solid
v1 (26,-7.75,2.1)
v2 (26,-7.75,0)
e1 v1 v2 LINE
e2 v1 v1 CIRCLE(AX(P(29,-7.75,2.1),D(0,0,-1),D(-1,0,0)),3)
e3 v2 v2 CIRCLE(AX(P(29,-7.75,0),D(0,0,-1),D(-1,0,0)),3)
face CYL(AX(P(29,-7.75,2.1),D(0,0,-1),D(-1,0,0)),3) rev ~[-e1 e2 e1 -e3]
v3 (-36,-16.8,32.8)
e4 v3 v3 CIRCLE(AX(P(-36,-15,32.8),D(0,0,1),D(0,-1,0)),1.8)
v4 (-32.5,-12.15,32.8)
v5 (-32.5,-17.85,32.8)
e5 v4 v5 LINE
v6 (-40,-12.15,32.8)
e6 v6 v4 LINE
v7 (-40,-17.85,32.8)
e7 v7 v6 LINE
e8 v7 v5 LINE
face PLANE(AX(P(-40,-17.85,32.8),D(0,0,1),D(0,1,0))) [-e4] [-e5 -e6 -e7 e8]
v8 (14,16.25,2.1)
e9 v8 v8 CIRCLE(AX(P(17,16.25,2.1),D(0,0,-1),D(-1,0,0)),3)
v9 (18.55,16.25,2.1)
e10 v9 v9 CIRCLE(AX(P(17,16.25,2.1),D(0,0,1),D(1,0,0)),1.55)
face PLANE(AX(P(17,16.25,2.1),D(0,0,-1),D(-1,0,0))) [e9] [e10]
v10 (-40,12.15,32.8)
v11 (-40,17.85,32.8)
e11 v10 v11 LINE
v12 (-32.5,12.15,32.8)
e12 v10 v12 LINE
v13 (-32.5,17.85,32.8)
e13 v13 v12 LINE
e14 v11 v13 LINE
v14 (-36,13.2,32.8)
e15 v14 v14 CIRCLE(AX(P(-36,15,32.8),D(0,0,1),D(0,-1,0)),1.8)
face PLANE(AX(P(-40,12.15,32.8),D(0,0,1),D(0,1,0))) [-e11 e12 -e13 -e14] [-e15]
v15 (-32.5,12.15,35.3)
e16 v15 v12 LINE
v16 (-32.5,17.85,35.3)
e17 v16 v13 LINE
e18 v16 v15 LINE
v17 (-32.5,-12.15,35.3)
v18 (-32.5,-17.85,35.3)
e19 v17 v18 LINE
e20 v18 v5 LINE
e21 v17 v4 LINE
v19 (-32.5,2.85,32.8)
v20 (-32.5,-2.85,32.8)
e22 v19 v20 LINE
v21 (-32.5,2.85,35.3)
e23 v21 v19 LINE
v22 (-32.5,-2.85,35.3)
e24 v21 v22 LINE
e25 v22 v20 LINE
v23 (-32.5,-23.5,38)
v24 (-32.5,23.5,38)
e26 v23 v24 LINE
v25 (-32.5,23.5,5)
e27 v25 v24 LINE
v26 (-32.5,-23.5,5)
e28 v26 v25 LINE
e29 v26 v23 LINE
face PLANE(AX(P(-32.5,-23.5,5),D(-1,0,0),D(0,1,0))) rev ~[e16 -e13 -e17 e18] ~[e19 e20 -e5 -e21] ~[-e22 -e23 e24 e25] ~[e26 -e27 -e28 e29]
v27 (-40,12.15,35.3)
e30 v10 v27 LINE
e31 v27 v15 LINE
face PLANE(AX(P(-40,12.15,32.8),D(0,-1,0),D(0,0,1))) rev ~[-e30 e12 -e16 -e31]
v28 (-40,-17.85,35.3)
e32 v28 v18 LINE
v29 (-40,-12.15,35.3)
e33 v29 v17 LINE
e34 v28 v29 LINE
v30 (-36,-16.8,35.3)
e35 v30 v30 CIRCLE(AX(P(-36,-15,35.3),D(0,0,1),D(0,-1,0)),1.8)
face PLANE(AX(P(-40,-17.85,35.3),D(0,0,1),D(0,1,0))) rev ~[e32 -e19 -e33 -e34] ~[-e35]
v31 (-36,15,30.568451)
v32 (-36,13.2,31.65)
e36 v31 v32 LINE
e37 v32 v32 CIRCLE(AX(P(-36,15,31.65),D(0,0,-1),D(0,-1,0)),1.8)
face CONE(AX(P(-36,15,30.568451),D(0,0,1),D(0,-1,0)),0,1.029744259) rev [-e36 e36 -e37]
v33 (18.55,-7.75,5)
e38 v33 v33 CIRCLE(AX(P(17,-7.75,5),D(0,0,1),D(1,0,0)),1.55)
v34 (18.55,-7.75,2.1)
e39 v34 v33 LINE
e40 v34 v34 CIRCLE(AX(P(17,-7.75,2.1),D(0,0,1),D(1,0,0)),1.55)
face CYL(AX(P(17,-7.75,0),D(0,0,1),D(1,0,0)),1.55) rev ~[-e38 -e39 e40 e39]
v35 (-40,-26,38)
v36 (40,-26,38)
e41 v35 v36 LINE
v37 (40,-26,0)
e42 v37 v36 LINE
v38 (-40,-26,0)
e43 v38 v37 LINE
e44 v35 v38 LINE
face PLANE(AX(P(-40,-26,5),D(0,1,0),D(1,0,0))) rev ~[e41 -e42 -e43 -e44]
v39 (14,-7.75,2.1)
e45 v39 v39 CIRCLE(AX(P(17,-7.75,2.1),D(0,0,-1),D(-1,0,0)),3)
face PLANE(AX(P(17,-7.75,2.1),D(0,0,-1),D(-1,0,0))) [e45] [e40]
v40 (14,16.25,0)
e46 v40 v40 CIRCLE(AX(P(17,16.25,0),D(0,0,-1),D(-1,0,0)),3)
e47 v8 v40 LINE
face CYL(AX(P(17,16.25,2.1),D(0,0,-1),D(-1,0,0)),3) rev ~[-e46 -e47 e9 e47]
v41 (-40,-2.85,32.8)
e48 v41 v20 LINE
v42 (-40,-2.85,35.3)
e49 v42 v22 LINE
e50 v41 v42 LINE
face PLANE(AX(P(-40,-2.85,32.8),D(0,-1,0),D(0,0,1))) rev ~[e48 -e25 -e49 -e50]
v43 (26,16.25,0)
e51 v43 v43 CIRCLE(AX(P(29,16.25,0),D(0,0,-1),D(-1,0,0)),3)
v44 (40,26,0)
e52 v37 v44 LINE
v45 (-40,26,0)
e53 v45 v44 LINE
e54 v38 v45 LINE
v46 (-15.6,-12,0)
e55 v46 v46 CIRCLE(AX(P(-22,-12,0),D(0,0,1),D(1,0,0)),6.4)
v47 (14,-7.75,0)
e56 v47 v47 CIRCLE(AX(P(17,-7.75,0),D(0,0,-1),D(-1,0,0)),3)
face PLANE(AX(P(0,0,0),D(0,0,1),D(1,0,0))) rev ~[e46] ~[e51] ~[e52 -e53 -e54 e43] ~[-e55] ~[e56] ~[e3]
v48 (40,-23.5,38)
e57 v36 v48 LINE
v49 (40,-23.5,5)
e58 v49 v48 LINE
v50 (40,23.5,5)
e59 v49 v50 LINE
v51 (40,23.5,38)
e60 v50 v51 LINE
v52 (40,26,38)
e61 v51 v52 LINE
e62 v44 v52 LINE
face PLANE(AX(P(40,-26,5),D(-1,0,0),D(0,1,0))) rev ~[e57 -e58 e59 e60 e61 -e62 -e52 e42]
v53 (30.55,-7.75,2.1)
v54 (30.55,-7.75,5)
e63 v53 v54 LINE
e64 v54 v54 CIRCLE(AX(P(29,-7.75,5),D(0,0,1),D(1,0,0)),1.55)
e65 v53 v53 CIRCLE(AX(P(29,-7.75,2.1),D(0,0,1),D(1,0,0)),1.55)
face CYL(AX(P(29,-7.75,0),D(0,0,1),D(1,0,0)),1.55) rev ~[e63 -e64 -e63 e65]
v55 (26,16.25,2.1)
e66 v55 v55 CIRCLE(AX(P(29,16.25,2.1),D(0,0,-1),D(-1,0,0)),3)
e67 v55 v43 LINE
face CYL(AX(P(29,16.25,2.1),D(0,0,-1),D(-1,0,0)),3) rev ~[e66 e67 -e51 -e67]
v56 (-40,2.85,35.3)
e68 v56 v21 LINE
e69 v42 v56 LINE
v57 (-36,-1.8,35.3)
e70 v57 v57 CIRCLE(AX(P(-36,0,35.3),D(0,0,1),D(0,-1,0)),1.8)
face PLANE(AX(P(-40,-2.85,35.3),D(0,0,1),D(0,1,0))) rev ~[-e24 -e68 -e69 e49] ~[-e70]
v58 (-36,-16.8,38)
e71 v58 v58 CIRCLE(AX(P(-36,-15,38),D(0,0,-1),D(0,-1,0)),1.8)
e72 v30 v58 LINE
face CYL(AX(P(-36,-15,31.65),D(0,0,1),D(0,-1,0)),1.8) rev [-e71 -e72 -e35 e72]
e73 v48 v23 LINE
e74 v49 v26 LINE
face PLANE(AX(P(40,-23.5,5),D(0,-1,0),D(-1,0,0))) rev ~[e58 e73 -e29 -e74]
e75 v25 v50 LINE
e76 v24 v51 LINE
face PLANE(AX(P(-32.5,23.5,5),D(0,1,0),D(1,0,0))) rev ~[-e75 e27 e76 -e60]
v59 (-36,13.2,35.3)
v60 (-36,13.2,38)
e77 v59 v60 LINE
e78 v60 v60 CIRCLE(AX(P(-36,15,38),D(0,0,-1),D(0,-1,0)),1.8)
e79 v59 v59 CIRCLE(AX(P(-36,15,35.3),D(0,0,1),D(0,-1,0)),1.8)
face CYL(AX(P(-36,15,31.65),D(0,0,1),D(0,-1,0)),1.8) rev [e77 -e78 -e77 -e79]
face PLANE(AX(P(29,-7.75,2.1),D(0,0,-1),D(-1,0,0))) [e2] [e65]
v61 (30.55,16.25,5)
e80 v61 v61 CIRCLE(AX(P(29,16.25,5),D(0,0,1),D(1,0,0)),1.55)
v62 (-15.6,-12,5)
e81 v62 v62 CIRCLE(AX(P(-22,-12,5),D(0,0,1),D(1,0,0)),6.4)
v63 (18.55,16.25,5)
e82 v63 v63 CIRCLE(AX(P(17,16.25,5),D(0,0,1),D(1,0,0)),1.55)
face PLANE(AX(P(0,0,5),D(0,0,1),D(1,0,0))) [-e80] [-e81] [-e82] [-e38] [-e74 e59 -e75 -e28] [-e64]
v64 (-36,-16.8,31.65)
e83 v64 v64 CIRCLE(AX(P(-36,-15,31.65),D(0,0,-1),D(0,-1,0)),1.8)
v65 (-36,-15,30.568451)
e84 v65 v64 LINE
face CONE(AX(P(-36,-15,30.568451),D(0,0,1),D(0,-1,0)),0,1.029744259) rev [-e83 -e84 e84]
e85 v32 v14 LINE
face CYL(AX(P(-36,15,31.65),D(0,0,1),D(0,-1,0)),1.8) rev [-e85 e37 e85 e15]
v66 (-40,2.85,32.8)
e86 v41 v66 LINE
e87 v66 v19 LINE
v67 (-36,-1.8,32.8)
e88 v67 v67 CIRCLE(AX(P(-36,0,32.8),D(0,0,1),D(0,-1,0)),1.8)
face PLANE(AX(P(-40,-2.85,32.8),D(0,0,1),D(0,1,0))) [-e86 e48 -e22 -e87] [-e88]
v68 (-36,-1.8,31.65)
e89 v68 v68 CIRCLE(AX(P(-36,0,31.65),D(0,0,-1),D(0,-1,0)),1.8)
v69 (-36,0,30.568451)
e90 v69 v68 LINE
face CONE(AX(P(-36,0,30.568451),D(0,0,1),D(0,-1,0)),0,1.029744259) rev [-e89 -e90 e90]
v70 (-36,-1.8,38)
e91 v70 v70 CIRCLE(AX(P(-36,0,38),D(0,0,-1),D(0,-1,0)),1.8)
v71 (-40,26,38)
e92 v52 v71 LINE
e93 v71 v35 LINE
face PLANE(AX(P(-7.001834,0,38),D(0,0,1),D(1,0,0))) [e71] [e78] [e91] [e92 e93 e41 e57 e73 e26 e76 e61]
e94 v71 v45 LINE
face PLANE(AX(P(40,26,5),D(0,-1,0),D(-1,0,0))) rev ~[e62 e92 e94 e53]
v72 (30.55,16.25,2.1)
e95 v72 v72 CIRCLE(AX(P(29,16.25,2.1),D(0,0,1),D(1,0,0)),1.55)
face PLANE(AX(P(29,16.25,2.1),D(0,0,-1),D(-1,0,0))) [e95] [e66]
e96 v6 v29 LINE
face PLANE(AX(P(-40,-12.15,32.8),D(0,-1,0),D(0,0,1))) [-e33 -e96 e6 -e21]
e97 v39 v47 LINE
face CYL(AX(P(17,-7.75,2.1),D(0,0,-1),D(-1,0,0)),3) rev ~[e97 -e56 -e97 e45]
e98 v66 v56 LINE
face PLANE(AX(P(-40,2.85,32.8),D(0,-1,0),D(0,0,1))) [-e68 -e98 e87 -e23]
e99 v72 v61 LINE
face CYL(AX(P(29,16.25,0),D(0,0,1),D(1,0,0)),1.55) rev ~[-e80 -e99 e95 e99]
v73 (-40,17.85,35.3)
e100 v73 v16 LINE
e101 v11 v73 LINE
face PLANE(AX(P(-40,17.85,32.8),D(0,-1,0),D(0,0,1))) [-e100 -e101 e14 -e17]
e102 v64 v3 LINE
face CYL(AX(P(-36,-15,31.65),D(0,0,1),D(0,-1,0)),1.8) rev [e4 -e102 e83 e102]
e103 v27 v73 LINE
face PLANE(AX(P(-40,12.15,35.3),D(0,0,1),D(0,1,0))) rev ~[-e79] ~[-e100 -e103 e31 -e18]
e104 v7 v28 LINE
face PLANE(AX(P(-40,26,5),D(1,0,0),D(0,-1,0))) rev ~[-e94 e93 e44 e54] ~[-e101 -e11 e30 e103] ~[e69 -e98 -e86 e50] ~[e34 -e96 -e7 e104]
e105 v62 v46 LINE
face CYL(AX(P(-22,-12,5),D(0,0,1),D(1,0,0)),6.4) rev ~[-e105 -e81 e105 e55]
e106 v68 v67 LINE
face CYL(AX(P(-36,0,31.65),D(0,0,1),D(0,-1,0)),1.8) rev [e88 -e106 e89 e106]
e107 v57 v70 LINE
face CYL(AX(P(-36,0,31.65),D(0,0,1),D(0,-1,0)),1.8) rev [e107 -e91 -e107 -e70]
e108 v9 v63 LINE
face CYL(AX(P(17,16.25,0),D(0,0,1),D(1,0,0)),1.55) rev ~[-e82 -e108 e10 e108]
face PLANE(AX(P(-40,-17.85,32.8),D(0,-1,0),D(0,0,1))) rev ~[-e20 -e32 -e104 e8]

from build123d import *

# Parameters (mm, degrees)
ESQUISSE3_W                                        = 80
ESQUISSE3_H                                        = 52
BOSS_EXTRU_1_DEPTH                                 = 5
ESQUISSE4_R                                        = 6.4
ENL_V_MAT_EXTRU_1_DEPTH                            = 10
BOSS_EXTRU_2_DEPTH                                 = 33
CHAMBRAGE_POUR_VIS_T_TE_RONDE_BOMB_E_M_D           = 3.1
CHAMBRAGE_POUR_VIS_T_TE_RONDE_BOMB_E_M_CBORE_D     = 6
CHAMBRAGE_POUR_VIS_T_TE_RONDE_BOMB_E_M_CBORE_DEPTH = 2.1
R_P_TITION_LIN_AIRE1_COUNT                         = 2
R_P_TITION_LIN_AIRE1_PITCH                         = 12
R_P_TITION_LIN_AIRE1_COUNT_DIR2                    = 2
R_P_TITION_LIN_AIRE1_PITCH_DIR2                    = 24
ENL_V_MAT_EXTRU_2_REACH                            = 94.304
ESQUISSE11_W                                       = 2.5
ESQUISSE11_H                                       = 5.7
R_P_TITION_LIN_AIRE2_COUNT                         = 3
R_P_TITION_LIN_AIRE2_PITCH                         = 15
R_P_TITION_LIN_AIRE3_COUNT                         = 3
R_P_TITION_LIN_AIRE3_PITCH                         = 15


with BuildPart() as part:
    # Esquisse3 → Boss.-Extru.1 (new body)
    with BuildSketch(Plane.XY):
        Rectangle(ESQUISSE3_W, ESQUISSE3_H)
    extrude(amount=BOSS_EXTRU_1_DEPTH)

    # Esquisse4 → Enlèv. mat.-Extru.1 (cut)
    with BuildSketch(Plane.XY.offset(5)):
        with Locations((-22, -12)):
            Circle(ESQUISSE4_R)
    extrude(amount=-ENL_V_MAT_EXTRU_1_DEPTH, mode=Mode.SUBTRACT)

    # Esquisse5 → Boss.-Extru.2 (add)
    with BuildSketch(Plane.XY.offset(5)):
        Polygon((-40, -26), (40, -26), (40, -23.5), (-32.5, -23.5), (-32.5, 23.5), (40, 23.5), (40, 26), (-40, 26), align=None)
    extrude(amount=BOSS_EXTRU_2_DEPTH)

    # Chambrage pour vis à tête ronde bombée M2.51 (through all)
    with Locations(Plane(origin=(0, 0, 0), x_dir=(-1, 0, 0), z_dir=(0, 0, -1))):
        with Locations((-17, 16.25)):
            chambrage_pour_vis_t_te_ronde_bomb_e_m = CounterBoreHole(CHAMBRAGE_POUR_VIS_T_TE_RONDE_BOMB_E_M_D / 2, CHAMBRAGE_POUR_VIS_T_TE_RONDE_BOMB_E_M_CBORE_D / 2, CHAMBRAGE_POUR_VIS_T_TE_RONDE_BOMB_E_M_CBORE_DEPTH)

    # Répétition linéaire1: Chambrage pour vis _ t_te ronde bomb_e M 2 × 2
    with Locations(*[(i * R_P_TITION_LIN_AIRE1_PITCH, -j * R_P_TITION_LIN_AIRE1_PITCH_DIR2, 0) for i in range(R_P_TITION_LIN_AIRE1_COUNT) for j in range(R_P_TITION_LIN_AIRE1_COUNT_DIR2) if (i, j) != (0, 0)]):
        add(chambrage_pour_vis_t_te_ronde_bomb_e_m, mode=Mode.SUBTRACT)

    # Esquisse11 → Enlèv. mat.-Extru.2 (cut, up to next)
    with BuildSketch(Plane.ZY.offset(40), mode=Mode.PRIVATE) as enl_v_mat_extru_2_sk1:
        with Locations((34.05, 15)):
            Rectangle(ESQUISSE11_W, ESQUISSE11_H)
    enl_v_mat_extru_2_tool1 = extrude(enl_v_mat_extru_2_sk1.sketch, amount=-ENL_V_MAT_EXTRU_2_REACH, mode=Mode.PRIVATE) & part.part
    enl_v_mat_extru_2 = enl_v_mat_extru_2_tool1.solids().sort_by_distance((-40, 15, 34.05))[0]
    add(enl_v_mat_extru_2, mode=Mode.SUBTRACT)

    # Répétition linéaire2: Enlèv. mat.-Extru.2 ×3
    with Locations(*[(0, -i * R_P_TITION_LIN_AIRE2_PITCH, 0) for i in range(1, R_P_TITION_LIN_AIRE2_COUNT)]):
        add(enl_v_mat_extru_2, mode=Mode.SUBTRACT)

    # Esquisse15 → Dégagement M31 (revolve, cut)
    with BuildSketch(Plane(origin=(-36, 15, 38), x_dir=(0, -1, 0), z_dir=(1, 0, 0))):
        Polygon((0, 0), (0, 7.431549114), (1.8, 6.35), (1.8, 0), align=None)
    d_gagement_m31 = revolve(axis=Axis((-36, 15, 44.35), (0, 0, -1)), mode=Mode.SUBTRACT)

    # Répétition linéaire3: Dégagement M31 ×3
    with Locations(*[(0, -i * R_P_TITION_LIN_AIRE3_PITCH, 0) for i in range(1, R_P_TITION_LIN_AIRE3_COUNT)]):
        add(d_gagement_m31, mode=Mode.SUBTRACT)


solid = part.part
